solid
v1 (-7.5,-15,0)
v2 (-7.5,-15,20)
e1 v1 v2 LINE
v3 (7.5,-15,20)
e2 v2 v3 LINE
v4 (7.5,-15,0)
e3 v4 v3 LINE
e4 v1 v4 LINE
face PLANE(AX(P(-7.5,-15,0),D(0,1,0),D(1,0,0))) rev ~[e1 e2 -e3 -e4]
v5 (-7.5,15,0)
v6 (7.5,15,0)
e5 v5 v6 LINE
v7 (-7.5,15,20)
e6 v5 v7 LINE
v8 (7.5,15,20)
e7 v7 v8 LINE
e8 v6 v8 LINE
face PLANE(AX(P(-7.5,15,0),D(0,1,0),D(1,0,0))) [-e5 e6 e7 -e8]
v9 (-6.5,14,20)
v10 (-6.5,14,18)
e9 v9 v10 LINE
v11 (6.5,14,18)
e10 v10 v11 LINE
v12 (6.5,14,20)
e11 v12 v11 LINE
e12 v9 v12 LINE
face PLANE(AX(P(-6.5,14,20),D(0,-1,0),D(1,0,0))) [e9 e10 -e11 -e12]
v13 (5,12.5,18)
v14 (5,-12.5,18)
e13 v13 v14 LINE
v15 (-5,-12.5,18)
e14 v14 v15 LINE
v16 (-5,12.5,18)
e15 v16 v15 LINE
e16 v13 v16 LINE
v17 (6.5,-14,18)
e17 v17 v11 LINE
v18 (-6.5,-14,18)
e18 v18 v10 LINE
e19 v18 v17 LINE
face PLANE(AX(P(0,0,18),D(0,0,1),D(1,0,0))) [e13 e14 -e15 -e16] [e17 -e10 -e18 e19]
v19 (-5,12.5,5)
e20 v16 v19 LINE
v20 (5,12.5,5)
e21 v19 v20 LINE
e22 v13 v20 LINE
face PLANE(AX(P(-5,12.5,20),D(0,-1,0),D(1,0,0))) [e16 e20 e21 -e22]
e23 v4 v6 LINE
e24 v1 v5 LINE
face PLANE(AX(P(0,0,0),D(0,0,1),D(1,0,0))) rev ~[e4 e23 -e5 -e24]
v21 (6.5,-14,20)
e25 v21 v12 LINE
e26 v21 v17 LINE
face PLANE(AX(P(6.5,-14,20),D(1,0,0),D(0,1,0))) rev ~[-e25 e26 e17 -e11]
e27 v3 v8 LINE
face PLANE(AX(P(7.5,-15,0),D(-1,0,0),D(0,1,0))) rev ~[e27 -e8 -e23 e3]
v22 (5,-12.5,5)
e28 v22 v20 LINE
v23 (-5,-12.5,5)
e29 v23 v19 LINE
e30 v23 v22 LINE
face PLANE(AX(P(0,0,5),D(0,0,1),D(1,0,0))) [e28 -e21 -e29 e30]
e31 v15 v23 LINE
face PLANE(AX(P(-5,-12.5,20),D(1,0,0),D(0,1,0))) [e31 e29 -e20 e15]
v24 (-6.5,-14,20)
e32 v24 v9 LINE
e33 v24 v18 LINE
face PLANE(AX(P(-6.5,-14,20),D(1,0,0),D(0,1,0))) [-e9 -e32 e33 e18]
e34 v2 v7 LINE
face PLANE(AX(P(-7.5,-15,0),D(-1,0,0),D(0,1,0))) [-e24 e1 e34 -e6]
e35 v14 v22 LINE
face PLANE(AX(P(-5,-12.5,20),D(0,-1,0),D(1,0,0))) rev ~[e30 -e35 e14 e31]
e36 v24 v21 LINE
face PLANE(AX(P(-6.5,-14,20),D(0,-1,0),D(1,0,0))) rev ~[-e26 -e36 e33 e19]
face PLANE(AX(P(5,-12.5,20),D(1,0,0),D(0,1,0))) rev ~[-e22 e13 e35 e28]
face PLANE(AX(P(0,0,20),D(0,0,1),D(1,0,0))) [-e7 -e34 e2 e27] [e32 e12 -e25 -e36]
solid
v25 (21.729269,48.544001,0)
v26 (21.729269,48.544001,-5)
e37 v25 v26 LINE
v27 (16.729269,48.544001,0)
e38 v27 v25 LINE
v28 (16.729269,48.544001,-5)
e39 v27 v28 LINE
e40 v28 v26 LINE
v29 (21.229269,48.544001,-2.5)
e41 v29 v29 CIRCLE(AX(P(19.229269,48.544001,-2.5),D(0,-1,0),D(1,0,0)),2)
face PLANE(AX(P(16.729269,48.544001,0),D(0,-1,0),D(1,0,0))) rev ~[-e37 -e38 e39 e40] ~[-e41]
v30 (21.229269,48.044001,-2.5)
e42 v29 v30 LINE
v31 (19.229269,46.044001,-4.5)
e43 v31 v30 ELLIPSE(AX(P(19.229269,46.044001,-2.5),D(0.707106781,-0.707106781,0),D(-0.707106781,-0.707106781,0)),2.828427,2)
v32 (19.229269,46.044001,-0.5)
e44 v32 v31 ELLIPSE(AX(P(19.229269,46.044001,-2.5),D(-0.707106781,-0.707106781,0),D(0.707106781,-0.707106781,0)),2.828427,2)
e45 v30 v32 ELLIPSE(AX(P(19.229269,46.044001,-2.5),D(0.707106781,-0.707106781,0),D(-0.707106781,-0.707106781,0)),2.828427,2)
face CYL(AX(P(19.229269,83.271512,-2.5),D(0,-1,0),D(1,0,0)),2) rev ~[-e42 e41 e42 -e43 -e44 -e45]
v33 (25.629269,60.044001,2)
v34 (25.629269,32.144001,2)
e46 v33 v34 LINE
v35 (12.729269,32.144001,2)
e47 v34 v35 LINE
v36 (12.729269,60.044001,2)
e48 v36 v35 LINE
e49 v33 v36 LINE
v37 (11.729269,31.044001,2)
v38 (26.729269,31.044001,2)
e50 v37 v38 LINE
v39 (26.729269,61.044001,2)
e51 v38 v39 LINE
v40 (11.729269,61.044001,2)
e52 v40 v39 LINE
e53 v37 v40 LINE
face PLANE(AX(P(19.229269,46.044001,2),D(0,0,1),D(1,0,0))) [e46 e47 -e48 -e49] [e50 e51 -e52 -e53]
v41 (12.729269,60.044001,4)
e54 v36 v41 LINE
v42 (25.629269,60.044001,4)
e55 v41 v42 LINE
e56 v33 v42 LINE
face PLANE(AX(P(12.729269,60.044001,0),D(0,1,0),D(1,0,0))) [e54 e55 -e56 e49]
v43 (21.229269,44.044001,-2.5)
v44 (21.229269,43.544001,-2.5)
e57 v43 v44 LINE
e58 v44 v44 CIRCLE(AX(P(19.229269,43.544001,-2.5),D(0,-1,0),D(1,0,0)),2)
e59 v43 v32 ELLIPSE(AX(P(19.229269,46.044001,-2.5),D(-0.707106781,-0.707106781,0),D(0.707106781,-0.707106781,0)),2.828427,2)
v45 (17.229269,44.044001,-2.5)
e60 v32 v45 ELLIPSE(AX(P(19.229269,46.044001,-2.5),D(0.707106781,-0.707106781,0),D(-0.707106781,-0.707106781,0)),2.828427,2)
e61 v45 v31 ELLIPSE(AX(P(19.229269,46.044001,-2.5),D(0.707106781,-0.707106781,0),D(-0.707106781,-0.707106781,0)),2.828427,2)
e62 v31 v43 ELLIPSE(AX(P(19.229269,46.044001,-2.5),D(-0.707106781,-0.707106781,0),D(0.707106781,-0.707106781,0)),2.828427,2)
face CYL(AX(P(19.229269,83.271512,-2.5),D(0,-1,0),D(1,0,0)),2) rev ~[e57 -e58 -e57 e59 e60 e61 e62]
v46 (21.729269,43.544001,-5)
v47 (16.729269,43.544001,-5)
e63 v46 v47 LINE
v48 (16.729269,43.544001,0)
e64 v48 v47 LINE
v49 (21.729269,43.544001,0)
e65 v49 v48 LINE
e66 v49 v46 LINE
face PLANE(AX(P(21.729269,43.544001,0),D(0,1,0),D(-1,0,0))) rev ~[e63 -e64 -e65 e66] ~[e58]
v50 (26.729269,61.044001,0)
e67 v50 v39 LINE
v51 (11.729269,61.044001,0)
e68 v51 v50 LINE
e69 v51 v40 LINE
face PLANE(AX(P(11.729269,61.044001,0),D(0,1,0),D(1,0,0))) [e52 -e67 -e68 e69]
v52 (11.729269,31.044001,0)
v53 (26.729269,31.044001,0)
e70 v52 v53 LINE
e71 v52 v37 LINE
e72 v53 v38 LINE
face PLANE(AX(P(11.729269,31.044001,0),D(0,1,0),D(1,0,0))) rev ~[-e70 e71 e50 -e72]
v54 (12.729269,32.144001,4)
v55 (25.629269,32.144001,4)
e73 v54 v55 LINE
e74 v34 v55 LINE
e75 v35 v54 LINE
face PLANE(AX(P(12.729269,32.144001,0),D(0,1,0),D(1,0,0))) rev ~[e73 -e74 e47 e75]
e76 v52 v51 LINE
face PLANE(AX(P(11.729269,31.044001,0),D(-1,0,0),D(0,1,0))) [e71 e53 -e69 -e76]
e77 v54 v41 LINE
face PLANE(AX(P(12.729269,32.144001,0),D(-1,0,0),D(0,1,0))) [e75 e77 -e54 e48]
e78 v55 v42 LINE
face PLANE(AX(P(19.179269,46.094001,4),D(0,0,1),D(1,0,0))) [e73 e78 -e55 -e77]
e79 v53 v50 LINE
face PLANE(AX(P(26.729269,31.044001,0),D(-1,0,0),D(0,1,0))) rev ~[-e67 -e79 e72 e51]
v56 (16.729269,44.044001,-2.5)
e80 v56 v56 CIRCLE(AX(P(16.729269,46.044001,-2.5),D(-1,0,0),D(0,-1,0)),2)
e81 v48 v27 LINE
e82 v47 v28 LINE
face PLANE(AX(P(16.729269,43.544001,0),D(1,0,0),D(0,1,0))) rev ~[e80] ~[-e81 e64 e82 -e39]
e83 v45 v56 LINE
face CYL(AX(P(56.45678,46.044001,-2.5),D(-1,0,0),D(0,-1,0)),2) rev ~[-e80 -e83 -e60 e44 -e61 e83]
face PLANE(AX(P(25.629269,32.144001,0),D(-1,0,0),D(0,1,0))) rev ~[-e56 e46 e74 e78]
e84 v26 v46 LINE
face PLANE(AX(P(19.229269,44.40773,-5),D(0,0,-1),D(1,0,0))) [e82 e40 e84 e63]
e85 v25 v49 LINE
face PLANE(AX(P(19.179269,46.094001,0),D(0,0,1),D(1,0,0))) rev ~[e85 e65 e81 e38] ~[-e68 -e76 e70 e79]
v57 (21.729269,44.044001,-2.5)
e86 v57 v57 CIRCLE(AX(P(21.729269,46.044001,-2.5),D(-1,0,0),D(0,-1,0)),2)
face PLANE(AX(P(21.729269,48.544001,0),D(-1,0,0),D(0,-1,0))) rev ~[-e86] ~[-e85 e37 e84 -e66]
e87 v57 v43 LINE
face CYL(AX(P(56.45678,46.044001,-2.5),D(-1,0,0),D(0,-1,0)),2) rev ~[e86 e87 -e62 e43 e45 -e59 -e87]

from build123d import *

# Parameters (mm, degrees)
F0_W      = 15
F0_H      = 30
F1_DEPTH  = 20
F2_W      = 10
F2_H      = 25
F3_DEPTH  = 15
F4_W      = 13
F4_H      = 28
F5_DEPTH  = 2
F6_W      = 15
F6_H      = 30
F6_W_2    = 12.9
F6_H_2    = 27.9
F7_DEPTH  = 2
F8_DEPTH  = 4
F10_DEPTH = 5
F12_D     = 4
F14_D     = 4


with BuildPart() as f1:
    # F0 (on Top) → F1 (new body)
    with BuildSketch(Plane.XY):
        Rectangle(F0_W, F0_H)
    extrude(amount=F1_DEPTH)

    # F2 (on face) → F3 (cut)
    with BuildSketch(Plane.XY.offset(20)):
        Rectangle(F2_W, F2_H)
    extrude(amount=-F3_DEPTH, mode=Mode.SUBTRACT)

    # F4 (on face) → F5 (cut)
    with BuildSketch(Plane.XY.offset(20)):
        Rectangle(F4_W, F4_H)
    extrude(amount=-F5_DEPTH, mode=Mode.SUBTRACT)


with BuildPart() as f7:
    # F6 (on Top) → F7 (new body)
    with BuildSketch(Plane.XY):
        with Locations((19.229269, 46.044001)):
            Rectangle(F6_W, F6_H)
        with Locations((19.179269, 46.094001)):
            Rectangle(F6_W_2, F6_H_2, mode=Mode.SUBTRACT)
        with Locations((19.179269, 46.094001)):
            Rectangle(F6_W_2, F6_H_2)
    extrude(amount=F7_DEPTH)

    # F6 (on Top) → F8 (join)
    with BuildSketch(Plane.XY):
        with Locations((19.179269, 46.094001)):
            Rectangle(F6_W_2, F6_H_2)
    extrude(amount=F8_DEPTH)

    # F9 (on face) → F10 (join)
    with BuildSketch(Plane(origin=(0, 0, 0), x_dir=(1, 0, 0), z_dir=(0, 0, -1))):
        Polygon((20.479269, -43.544001), (17.979269, -43.544001), (19.229269, -46.044001), align=None)
        Polygon((19.229269, -46.044001), (17.979269, -43.544001), (16.729269, -43.544001), (16.729269, -48.544001), (17.979269, -48.544001), align=None)
        Polygon((20.479269, -43.544001), (19.229269, -46.044001), (20.479269, -48.544001), (21.729269, -48.544001), (21.729269, -43.544001), align=None)
        Polygon((20.479269, -48.544001), (19.229269, -46.044001), (17.979269, -48.544001), align=None)
    extrude(amount=F10_DEPTH)

    # F12 (through all)
    with Locations(Plane(origin=(0, 48.544001, 0), x_dir=(-1, 0, 0), z_dir=(0, 1, 0))):
        with Locations((-19.229269, -2.5)):
            Hole(F12_D / 2)

    # F14 (through all)
    with Locations(Plane.YZ.offset(21.729269)):
        with Locations((46.044001, -2.5)):
            Hole(F14_D / 2)


solid = Compound([f1.part, f7.part])
